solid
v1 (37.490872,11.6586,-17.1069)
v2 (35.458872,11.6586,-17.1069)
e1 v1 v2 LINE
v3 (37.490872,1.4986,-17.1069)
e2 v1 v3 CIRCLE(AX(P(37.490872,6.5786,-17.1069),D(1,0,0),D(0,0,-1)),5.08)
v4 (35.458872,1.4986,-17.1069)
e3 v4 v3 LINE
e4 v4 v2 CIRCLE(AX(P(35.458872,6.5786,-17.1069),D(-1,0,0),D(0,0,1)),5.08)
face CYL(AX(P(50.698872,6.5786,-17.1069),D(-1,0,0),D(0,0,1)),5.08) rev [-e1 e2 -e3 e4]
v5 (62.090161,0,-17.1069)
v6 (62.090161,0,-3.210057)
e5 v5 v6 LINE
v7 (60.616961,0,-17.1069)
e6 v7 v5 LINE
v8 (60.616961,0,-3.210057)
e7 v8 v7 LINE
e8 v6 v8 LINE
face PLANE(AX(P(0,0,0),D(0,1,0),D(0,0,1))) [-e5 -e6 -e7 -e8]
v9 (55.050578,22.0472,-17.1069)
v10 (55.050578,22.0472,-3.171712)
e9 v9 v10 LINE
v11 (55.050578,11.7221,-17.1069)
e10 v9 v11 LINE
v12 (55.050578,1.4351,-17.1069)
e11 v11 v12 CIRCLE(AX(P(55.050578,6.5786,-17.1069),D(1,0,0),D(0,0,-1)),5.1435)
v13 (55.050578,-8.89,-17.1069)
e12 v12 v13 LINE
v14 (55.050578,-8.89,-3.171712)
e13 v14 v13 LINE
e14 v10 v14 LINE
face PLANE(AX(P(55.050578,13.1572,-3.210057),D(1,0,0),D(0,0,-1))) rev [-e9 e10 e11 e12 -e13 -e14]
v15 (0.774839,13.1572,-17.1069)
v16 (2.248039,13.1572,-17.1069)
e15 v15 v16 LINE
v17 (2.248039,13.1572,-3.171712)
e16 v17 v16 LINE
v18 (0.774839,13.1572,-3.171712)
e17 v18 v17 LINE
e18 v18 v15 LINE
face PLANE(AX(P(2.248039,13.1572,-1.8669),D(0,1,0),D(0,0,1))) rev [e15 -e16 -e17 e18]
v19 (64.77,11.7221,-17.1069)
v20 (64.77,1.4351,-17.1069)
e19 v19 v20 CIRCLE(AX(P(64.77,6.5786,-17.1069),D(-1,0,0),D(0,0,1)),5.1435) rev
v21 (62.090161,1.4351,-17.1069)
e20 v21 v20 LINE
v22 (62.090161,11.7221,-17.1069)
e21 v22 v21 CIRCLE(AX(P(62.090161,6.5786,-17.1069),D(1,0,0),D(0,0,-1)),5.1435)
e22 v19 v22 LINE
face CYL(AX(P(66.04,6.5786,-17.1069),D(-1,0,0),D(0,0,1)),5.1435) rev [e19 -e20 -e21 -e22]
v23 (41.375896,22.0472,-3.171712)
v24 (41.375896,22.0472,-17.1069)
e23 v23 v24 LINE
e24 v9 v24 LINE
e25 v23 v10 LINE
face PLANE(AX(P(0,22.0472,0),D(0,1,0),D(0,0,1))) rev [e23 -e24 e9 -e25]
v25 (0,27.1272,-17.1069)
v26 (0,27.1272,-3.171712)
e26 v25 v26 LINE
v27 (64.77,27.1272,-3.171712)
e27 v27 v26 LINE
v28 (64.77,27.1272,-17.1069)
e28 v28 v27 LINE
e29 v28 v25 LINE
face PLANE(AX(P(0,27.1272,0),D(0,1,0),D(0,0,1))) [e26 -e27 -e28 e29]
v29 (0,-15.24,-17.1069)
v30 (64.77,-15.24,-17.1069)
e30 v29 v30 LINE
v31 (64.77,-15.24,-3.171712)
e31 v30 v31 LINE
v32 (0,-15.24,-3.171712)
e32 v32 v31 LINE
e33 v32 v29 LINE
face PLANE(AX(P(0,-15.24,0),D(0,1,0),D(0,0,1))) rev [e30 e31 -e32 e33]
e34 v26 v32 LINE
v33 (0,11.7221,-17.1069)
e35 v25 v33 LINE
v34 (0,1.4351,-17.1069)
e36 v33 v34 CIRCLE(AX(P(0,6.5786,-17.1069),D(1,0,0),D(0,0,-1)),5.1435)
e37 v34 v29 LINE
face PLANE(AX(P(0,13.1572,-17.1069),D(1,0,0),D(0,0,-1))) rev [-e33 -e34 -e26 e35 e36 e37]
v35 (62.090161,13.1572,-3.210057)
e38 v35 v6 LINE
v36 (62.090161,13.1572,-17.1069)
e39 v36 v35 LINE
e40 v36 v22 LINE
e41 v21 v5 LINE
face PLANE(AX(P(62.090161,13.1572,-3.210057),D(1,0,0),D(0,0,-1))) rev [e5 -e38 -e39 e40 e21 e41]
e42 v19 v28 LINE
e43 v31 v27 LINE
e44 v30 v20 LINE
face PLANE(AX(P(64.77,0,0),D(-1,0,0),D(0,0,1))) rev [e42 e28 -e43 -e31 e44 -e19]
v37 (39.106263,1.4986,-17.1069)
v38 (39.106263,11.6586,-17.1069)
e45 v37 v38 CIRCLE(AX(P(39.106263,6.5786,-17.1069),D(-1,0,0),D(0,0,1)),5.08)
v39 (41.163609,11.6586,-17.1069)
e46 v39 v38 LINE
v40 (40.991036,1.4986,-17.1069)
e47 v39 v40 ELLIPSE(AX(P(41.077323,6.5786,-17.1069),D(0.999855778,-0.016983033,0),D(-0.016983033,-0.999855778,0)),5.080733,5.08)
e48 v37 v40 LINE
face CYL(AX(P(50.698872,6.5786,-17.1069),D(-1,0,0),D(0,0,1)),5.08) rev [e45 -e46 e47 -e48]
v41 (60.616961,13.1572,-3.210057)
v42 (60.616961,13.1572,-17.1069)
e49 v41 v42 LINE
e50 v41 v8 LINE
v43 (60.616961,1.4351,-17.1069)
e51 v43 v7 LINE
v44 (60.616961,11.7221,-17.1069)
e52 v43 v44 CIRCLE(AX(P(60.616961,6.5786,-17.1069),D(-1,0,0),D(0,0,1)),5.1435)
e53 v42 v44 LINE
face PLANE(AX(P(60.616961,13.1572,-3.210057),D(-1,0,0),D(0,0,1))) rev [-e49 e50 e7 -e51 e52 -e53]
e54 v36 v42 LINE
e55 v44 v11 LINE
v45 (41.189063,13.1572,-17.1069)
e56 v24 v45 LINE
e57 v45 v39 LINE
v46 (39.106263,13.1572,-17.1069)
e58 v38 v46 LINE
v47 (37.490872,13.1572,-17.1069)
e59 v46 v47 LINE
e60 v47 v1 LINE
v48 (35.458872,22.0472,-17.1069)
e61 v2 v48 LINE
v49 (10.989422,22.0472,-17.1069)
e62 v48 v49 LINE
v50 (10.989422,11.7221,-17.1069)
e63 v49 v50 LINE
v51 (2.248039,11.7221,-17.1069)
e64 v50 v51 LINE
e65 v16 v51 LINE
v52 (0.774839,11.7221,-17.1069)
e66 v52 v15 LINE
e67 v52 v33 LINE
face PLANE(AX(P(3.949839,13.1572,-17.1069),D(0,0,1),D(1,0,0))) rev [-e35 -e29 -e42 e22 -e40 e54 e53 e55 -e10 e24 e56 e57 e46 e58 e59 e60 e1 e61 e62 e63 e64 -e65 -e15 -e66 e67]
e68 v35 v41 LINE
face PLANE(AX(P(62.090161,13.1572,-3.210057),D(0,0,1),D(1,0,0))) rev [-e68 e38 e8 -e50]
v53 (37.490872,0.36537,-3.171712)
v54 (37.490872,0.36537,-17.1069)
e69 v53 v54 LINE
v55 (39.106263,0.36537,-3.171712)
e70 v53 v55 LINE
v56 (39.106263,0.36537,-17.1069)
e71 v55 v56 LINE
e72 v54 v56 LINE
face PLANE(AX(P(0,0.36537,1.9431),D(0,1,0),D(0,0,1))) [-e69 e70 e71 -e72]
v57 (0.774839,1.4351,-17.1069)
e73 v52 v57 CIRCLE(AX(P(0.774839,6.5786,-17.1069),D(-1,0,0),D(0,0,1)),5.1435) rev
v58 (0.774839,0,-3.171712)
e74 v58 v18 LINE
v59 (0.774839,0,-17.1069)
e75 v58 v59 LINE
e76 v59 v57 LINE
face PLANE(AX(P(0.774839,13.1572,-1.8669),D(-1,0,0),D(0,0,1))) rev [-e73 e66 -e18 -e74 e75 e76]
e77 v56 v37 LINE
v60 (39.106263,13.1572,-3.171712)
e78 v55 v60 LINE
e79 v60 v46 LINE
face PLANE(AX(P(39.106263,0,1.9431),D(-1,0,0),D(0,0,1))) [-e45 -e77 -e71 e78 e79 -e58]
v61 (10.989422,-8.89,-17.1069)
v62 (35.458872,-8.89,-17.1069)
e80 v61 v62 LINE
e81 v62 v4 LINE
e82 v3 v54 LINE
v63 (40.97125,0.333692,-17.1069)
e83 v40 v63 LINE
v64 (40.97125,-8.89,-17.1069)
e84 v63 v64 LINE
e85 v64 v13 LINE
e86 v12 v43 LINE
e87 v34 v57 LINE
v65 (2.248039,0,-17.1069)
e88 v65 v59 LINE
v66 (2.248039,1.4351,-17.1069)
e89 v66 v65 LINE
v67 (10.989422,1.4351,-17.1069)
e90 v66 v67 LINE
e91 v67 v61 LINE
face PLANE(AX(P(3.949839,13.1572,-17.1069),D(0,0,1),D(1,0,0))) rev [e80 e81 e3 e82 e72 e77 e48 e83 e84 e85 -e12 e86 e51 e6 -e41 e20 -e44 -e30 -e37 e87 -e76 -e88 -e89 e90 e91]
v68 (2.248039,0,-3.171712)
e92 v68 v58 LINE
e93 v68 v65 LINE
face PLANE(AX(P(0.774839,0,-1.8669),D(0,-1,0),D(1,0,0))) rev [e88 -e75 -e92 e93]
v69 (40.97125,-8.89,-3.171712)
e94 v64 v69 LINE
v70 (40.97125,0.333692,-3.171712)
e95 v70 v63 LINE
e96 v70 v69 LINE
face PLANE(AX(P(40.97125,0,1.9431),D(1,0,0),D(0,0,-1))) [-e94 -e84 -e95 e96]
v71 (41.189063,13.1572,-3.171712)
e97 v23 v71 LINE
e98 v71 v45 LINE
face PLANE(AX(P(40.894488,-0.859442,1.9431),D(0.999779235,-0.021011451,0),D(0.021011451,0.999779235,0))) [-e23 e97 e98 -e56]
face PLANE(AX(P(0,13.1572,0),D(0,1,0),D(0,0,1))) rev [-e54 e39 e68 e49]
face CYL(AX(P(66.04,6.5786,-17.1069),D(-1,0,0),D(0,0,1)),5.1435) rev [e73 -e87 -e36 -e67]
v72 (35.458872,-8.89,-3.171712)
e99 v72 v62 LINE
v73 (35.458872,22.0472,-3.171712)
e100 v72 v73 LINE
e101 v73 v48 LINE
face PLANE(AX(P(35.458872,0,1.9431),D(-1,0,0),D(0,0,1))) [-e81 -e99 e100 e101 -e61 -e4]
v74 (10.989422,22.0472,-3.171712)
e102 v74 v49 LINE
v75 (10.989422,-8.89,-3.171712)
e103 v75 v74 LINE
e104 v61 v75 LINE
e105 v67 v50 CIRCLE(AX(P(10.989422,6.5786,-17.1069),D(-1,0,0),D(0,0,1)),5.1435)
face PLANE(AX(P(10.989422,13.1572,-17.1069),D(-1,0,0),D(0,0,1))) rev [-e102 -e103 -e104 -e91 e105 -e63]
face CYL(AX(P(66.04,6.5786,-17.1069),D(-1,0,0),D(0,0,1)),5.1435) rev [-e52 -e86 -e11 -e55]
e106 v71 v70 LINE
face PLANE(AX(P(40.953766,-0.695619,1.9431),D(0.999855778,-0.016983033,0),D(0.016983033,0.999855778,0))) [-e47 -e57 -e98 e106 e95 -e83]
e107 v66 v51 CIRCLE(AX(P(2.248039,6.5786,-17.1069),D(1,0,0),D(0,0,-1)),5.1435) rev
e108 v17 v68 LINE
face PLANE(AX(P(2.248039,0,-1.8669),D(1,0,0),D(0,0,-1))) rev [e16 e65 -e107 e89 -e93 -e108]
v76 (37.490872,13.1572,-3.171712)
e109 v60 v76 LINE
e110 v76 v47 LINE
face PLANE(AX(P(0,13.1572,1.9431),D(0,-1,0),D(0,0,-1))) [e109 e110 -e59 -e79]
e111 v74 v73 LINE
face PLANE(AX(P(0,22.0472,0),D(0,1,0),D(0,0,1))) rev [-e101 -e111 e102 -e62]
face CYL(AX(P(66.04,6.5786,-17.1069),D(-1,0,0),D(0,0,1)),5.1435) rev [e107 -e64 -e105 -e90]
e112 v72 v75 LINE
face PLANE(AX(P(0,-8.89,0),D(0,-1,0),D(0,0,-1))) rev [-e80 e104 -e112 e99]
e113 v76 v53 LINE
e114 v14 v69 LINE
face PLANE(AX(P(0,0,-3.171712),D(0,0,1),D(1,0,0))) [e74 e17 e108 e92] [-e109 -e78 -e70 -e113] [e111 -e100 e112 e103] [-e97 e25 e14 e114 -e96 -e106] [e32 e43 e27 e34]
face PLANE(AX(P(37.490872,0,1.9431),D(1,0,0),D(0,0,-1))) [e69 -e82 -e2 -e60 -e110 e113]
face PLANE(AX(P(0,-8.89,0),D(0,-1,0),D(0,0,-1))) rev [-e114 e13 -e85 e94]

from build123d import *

# Parameters (mm, degrees)
BOSS_EXTRUDE1_DEPTH     = 13.1572
BOSS_EXTRUDE2_DEPTH     = 8.89
SKETCH3_W               = 66.04
SKETCH3_H               = 20.285187831
BOSS_EXTRUDE3_DEPTH     = 5.08
BOSS_EXTRUDE4_DEPTH     = 8.89
CUT_EXTRUDE1_DEPTH      = 64.71104446
CUT_EXTRUDE1_DEPTH_BACK = 64.71104446
SKETCH6_R               = 5.1435
SKETCH7_W               = 66.04
SKETCH7_H               = 20.285187831
BOSS_EXTRUDE5_DEPTH     = 25.4
SKETCH9_W               = 1.615391333
SKETCH9_H               = 12.791830428
BOSS_EXTRUDE6_DEPTH     = 19.05
SKETCH10_R              = 5.08
CUT_EXTRUDE2_DEPTH      = 15.24
CUT_EXTRUDE3_DEPTH      = 1.27
SKETCH14_W              = 1.4732
SKETCH14_H              = 13.1572
CUT_EXTRUDE4_DEPTH      = 15.24
SKETCH15_W              = 64.77
SKETCH15_H              = 20.285187831
CUT_EXTRUDE5_DEPTH      = 19.05
BOSS_EXTRUDE7_DEPTH     = 1.4986
SKETCH17_W              = 64.77
SKETCH17_H              = 42.3672
CUT_EXTRUDE7_DEPTH      = 6.35


with BuildPart() as part:
    # Sketch1 → Boss-Extrude1 (new body)
    with BuildSketch(Plane(origin=(0, 0, 0), x_dir=(1, 0, 0), z_dir=(0, 1, 0))):
        Polygon((3.949839476, 3.210057439), (3.949839476, 17.1069), (0, 17.1069), (0, 0), (0, -3.178287831), (66.04, -3.178287831), (66.04, 0), (66.04, 17.1069), (62.090160524, 17.1069), (62.090160524, 3.210057439), (60.616960524, 3.210057439), (60.616960524, 17.1069), (55.050578368, 17.1069), (55.050578368, 3.210057439), (55.050578368, 0), (10.989421632, 0), (10.989421632, 3.210057439), (10.989421632, 17.1069), (5.423039476, 17.1069), (5.423039476, 3.210057439), align=None)
    extrude(amount=BOSS_EXTRUDE1_DEPTH)

    # Sketch2 → Boss-Extrude2 (add)
    with BuildSketch(Plane(origin=(0, 13.1572, 0), x_dir=(1, 0, 0), z_dir=(0, 1, 0))):
        Polygon((10.989421632, 17.1069), (0, 17.1069), (0, -3.178287831), (66.04, -3.178287831), (66.04, 17.1069), (55.050578368, 17.1069), (55.050578368, -0.226283794), (10.989421632, 0), align=None)
    extrude(amount=BOSS_EXTRUDE2_DEPTH)

    # Sketch3 → Boss-Extrude3 (add)
    with BuildSketch(Plane(origin=(0, 22.0472, 0), x_dir=(1, 0, 0), z_dir=(0, 1, 0))):
        with Locations((33.02, 6.964306084)):
            Rectangle(SKETCH3_W, SKETCH3_H)
    extrude(amount=BOSS_EXTRUDE3_DEPTH)

    # Sketch4 → Boss-Extrude4 (add)
    with BuildSketch(Plane.XZ):
        Polygon((66.04, -17.1069), (55.050578368, -17.1069), (55.050578368, 0), (10.989421632, 0), (10.989421632, -17.1069), (0, -17.1069), (0, 3.178287831), (66.04, 3.178287831), align=None)
    extrude(amount=BOSS_EXTRUDE4_DEPTH)

    # Sketch6 → Cut-Extrude1 (cut, two sides: drawn at the far end of the back side and taken through both)
    with BuildSketch(Plane.ZY.offset(-55.050578368).offset(-CUT_EXTRUDE1_DEPTH_BACK)):
        with Locations((-17.1069, 6.5786)):
            Circle(SKETCH6_R)
    extrude(amount=CUT_EXTRUDE1_DEPTH + CUT_EXTRUDE1_DEPTH_BACK, mode=Mode.SUBTRACT)

    # Sketch7 → Boss-Extrude5 (add)
    with BuildSketch(Plane.XZ.offset(8.89)):
        with Locations((33.02, -6.964306084)):
            Rectangle(SKETCH7_W, SKETCH7_H)
    extrude(amount=BOSS_EXTRUDE5_DEPTH)

    # Sketch9 → Boss-Extrude6 (add)
    with BuildSketch(Plane(origin=(0, 0, -17.1069), x_dir=(-1, 0, 0), z_dir=(0, 0, -1))):
        Polygon((-41.375896334, 22.0472), (-41.18906329, 13.1572), (-40.971249817, 0.333691876), (-40.971249817, -8.89), (-37.490871957, -8.89), (-35.458871957, -8.89), (-35.458871957, 13.1572), (-35.458871957, 22.0472), align=None)
        with Locations((-38.298567624, 6.761284786)):
            Rectangle(SKETCH9_W, SKETCH9_H, mode=Mode.SUBTRACT)
    extrude(amount=-BOSS_EXTRUDE6_DEPTH)

    # Sketch10 → Cut-Extrude2 (cut)
    with BuildSketch(Plane.ZY.offset(-35.458871957)):
        with Locations((-17.1069, 6.5786)):
            Circle(SKETCH10_R)
    extrude(amount=-CUT_EXTRUDE2_DEPTH, mode=Mode.SUBTRACT)

    # Sketch12 → Cut-Extrude3 (cut)
    with BuildSketch(Plane(origin=(66.04, 0, 0), x_dir=(0, 0, -1), z_dir=(1, 0, 0))):
        Polygon((17.1069, 27.1272), (17.1069, 11.7221), (17.1069, 1.4351), (17.1069, -34.29), (-3.178287831, -34.29), (-3.52610715, 27.1272), align=None)
    extrude(amount=-CUT_EXTRUDE3_DEPTH, mode=Mode.SUBTRACT)

    # Sketch14 → Cut-Extrude4 (cut)
    with BuildSketch(Plane(origin=(0, 0, -17.1069), x_dir=(-1, 0, 0), z_dir=(0, 0, -1))):
        with Locations((-4.686439476, 6.5786)):
            Rectangle(SKETCH14_W, SKETCH14_H)
        with Locations((-1.511439476, 6.5786)):
            Rectangle(SKETCH14_W, SKETCH14_H)
    extrude(amount=-CUT_EXTRUDE4_DEPTH, mode=Mode.SUBTRACT)

    # Sketch15 → Cut-Extrude5 (cut)
    with BuildSketch(Plane.XZ.offset(34.29)):
        with Locations((32.385, -6.964306084)):
            Rectangle(SKETCH15_W, SKETCH15_H)
    extrude(amount=-CUT_EXTRUDE5_DEPTH, mode=Mode.SUBTRACT)

    # Sketch16 → Boss-Extrude7 (add)
    with BuildSketch(Plane.ZY.offset(-5.423039476)):
        with BuildLine():
            Line((-17.1069, 13.1572), (6.075816752, 13.1572))
            Line((6.075816752, 13.1572), (6.075816752, 0))
            Line((6.075816752, 0), (-17.1069, 0))
            Line((-17.1069, 0), (-17.1069, 1.4351))
            ThreePointArc((-17.1069, 1.4351), (-11.9634, 6.5786), (-17.1069, 11.7221))
            Line((-17.1069, 11.7221), (-17.1069, 13.1572))
        make_face()
    extrude(amount=BOSS_EXTRUDE7_DEPTH)

    # Sketch17 → Cut-Extrude7 (cut)
    with BuildSketch(Plane.XY.offset(3.178287831)):
        with Locations((32.385, 5.9436)):
            Rectangle(SKETCH17_W, SKETCH17_H)
    extrude(amount=-CUT_EXTRUDE7_DEPTH, mode=Mode.SUBTRACT)


with BuildPart() as body_2:
    # of the pieces the cut leaves, the one that is kept (cut_extrude7_keep)
    add(part.part.solids().sort_by_distance((10.989421632, 11.7221, -17.1069))[0])


solid = body_2.part
